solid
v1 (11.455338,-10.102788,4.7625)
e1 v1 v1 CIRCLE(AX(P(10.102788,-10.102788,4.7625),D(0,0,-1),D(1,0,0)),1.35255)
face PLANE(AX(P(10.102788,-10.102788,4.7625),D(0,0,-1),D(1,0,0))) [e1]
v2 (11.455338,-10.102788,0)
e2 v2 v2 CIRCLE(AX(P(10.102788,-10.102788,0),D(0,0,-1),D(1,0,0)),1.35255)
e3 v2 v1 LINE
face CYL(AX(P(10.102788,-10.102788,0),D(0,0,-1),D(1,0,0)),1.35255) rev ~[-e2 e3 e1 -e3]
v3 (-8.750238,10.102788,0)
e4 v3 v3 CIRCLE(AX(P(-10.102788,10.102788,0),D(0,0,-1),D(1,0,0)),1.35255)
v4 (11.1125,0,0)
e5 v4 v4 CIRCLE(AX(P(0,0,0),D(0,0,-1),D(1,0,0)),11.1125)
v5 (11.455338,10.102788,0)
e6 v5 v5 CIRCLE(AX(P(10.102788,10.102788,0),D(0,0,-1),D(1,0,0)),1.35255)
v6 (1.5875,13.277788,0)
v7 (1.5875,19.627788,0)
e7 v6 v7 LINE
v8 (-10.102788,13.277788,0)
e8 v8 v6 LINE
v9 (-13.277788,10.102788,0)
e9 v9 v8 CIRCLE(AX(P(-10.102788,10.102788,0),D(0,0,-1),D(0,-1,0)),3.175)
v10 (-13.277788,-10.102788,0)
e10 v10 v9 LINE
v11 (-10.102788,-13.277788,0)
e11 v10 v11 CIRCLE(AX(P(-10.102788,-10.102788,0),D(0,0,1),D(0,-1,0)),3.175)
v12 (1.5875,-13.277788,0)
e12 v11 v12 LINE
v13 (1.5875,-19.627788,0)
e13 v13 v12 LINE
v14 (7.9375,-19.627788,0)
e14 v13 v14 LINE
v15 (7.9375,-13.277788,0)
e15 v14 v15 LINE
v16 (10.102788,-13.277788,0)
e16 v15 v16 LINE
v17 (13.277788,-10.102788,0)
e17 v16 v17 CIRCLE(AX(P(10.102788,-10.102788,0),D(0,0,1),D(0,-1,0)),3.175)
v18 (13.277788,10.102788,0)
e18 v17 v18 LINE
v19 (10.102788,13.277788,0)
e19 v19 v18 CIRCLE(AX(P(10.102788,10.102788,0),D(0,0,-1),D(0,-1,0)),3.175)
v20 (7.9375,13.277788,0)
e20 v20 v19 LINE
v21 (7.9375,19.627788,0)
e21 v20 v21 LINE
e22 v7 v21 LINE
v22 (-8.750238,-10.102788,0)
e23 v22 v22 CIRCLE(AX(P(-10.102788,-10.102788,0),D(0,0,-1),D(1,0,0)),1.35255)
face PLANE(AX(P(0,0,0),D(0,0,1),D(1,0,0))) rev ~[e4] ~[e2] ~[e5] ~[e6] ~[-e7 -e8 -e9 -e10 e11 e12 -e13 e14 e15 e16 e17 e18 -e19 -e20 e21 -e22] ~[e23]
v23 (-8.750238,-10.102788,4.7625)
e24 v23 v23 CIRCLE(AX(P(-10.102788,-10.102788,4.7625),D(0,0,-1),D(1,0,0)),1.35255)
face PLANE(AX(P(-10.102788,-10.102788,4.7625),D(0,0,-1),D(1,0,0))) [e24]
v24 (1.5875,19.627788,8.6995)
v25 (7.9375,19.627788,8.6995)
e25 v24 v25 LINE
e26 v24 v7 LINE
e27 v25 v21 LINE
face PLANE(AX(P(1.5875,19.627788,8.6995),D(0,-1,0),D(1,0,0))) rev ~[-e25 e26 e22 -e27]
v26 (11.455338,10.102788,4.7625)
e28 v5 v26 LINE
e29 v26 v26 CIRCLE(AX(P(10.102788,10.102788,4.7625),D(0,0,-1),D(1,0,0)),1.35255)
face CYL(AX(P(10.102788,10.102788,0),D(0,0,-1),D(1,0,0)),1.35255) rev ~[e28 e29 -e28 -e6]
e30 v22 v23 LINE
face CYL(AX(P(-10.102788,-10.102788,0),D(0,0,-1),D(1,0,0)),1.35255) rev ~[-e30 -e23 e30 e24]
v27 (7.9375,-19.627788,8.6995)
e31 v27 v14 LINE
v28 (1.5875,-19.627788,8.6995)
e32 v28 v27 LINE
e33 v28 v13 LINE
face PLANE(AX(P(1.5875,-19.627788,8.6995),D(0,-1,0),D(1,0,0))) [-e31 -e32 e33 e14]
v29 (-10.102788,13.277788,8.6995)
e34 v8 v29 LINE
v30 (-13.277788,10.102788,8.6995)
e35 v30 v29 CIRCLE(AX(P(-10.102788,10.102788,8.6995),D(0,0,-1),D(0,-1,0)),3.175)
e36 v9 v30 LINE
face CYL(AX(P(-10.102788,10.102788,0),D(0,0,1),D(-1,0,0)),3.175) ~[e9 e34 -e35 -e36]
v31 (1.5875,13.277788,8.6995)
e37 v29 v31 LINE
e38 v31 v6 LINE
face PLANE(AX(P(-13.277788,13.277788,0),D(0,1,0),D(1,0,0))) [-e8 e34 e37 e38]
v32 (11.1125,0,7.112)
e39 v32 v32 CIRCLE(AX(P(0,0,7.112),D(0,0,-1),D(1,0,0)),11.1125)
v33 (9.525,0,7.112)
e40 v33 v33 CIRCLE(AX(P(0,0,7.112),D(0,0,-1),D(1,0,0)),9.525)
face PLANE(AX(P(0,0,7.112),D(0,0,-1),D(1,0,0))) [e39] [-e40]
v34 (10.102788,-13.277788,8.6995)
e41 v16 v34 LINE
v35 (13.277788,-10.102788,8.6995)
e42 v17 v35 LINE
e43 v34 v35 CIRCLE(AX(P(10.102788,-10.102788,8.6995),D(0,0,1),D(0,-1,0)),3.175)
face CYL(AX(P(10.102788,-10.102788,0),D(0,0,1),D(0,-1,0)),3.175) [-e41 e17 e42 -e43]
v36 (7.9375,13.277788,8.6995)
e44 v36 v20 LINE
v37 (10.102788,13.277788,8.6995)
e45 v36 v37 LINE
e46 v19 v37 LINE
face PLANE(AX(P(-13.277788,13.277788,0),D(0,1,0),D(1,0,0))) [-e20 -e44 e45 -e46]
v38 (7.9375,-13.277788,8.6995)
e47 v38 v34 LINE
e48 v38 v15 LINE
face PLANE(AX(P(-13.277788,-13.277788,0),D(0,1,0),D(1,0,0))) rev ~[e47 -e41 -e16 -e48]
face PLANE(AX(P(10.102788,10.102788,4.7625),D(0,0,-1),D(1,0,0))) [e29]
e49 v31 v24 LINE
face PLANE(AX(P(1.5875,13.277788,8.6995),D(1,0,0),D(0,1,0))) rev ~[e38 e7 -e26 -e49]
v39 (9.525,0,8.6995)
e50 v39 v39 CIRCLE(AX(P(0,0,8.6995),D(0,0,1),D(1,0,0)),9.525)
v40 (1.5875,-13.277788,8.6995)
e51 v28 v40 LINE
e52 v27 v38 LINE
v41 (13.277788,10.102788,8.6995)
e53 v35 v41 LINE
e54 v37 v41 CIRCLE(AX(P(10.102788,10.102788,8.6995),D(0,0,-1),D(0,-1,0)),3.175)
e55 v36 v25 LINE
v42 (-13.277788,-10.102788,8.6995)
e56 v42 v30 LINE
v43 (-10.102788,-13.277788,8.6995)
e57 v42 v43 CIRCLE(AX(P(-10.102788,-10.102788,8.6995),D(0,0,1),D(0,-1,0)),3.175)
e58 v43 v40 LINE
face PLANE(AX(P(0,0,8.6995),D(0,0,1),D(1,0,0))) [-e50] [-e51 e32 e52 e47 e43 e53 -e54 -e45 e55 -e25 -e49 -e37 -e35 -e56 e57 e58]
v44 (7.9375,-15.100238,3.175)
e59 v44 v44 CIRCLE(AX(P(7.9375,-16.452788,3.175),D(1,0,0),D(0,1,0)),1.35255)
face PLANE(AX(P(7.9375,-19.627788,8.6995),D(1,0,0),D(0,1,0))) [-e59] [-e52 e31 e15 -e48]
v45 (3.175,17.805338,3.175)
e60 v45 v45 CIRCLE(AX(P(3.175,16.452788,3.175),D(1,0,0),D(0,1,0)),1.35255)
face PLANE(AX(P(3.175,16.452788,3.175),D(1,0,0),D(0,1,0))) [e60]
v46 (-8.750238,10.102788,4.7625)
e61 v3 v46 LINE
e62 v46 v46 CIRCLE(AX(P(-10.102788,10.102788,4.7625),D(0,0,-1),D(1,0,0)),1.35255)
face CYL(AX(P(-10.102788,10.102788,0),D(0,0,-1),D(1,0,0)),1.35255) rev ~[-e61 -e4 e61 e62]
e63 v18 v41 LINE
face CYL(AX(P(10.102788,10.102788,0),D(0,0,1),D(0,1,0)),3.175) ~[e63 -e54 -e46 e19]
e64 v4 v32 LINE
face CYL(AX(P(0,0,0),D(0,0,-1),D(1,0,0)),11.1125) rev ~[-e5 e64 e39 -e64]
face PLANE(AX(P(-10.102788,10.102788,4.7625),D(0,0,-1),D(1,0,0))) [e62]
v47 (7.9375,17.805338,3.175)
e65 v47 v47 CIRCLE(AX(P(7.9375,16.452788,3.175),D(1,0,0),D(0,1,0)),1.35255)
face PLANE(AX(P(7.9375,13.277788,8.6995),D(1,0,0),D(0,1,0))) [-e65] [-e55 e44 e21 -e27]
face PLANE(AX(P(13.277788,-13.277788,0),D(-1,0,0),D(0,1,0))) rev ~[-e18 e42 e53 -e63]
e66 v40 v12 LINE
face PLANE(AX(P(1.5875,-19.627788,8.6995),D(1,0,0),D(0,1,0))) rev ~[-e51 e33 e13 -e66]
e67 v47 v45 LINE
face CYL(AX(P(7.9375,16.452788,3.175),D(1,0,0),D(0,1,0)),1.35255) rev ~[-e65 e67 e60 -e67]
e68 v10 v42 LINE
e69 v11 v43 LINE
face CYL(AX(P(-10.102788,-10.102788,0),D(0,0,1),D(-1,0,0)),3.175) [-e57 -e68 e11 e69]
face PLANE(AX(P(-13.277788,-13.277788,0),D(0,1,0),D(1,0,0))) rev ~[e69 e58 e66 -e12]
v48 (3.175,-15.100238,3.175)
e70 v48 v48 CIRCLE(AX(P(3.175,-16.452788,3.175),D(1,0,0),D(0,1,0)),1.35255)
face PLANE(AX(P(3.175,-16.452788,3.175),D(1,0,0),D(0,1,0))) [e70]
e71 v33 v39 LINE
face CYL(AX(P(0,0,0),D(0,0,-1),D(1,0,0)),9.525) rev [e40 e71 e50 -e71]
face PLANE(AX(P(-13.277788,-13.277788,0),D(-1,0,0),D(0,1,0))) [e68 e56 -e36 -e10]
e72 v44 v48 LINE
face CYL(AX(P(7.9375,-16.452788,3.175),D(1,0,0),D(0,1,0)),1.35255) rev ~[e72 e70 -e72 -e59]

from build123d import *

# Parameters (mm, degrees)
F0_W      = 26.555576
F0_H      = 26.555576
F0_R      = 9.525
F1_DEPTH  = 8.6995
F2_R      = 3.175
F3_R      = 11.1125
F4_DEPTH  = 7.112
F5_R      = 1.35255
F6_DEPTH  = 4.7625
F7_W      = 6.35
F7_H      = 6.35
F8_DEPTH  = 8.6995
F9_R      = 1.35255
F10_DEPTH = 4.7625


with BuildPart() as f1:
    # F0 (on Top) → F1 (new body)
    with BuildSketch(Plane.XY):
        Rectangle(F0_W, F0_H)
        Circle(F0_R, mode=Mode.SUBTRACT)
    extrude(amount=F1_DEPTH)

    # F2
    f2_edges = [f1.edges().sort_by_distance(p)[0] for p in [
        (-13.277788, 13.277788, 4.34975),
        (-13.277788, -13.277788, 4.34975),
        (13.277788, -13.277788, 4.34975),
        (13.277788, 13.277788, 4.34975),
    ]]
    fillet(f2_edges, radius=F2_R)

    # F3 (on face) → F4 (cut)
    with BuildSketch(Plane(origin=(0, 0, 0), x_dir=(1, 0, 0), z_dir=(0, 0, -1))):
        Circle(F3_R)
    extrude(amount=-F4_DEPTH, mode=Mode.SUBTRACT)

    # F5 (on face) → F6 (cut)
    with BuildSketch(Plane(origin=(0, 0, 0), x_dir=(1, 0, 0), z_dir=(0, 0, -1))):
        with Locations((10.102788, 10.102788)):
            Circle(F5_R)
        with Locations((-10.102788, 10.102788)):
            Circle(F5_R)
        with Locations((-10.102788, -10.102788)):
            Circle(F5_R)
        with Locations((10.102788, -10.102788)):
            Circle(F5_R)
    extrude(amount=-F6_DEPTH, mode=Mode.SUBTRACT)

    # F7 (on face) → F8 (join, through all)
    with BuildSketch(Plane.XY.offset(8.6995)):
        with Locations((4.7625, -16.452788)):
            Rectangle(F7_W, F7_H)
        with Locations((4.7625, 16.452788)):
            Rectangle(F7_W, F7_H)
    extrude(amount=-F8_DEPTH)

    # F9 (on face) → F10 (cut)
    with BuildSketch(Plane.YZ.offset(7.9375)):
        with Locations((16.452788, 3.175)):
            Circle(F9_R)
        with Locations((-16.452788, 3.175)):
            Circle(F9_R)
    extrude(amount=-F10_DEPTH, mode=Mode.SUBTRACT)


solid = f1.part
